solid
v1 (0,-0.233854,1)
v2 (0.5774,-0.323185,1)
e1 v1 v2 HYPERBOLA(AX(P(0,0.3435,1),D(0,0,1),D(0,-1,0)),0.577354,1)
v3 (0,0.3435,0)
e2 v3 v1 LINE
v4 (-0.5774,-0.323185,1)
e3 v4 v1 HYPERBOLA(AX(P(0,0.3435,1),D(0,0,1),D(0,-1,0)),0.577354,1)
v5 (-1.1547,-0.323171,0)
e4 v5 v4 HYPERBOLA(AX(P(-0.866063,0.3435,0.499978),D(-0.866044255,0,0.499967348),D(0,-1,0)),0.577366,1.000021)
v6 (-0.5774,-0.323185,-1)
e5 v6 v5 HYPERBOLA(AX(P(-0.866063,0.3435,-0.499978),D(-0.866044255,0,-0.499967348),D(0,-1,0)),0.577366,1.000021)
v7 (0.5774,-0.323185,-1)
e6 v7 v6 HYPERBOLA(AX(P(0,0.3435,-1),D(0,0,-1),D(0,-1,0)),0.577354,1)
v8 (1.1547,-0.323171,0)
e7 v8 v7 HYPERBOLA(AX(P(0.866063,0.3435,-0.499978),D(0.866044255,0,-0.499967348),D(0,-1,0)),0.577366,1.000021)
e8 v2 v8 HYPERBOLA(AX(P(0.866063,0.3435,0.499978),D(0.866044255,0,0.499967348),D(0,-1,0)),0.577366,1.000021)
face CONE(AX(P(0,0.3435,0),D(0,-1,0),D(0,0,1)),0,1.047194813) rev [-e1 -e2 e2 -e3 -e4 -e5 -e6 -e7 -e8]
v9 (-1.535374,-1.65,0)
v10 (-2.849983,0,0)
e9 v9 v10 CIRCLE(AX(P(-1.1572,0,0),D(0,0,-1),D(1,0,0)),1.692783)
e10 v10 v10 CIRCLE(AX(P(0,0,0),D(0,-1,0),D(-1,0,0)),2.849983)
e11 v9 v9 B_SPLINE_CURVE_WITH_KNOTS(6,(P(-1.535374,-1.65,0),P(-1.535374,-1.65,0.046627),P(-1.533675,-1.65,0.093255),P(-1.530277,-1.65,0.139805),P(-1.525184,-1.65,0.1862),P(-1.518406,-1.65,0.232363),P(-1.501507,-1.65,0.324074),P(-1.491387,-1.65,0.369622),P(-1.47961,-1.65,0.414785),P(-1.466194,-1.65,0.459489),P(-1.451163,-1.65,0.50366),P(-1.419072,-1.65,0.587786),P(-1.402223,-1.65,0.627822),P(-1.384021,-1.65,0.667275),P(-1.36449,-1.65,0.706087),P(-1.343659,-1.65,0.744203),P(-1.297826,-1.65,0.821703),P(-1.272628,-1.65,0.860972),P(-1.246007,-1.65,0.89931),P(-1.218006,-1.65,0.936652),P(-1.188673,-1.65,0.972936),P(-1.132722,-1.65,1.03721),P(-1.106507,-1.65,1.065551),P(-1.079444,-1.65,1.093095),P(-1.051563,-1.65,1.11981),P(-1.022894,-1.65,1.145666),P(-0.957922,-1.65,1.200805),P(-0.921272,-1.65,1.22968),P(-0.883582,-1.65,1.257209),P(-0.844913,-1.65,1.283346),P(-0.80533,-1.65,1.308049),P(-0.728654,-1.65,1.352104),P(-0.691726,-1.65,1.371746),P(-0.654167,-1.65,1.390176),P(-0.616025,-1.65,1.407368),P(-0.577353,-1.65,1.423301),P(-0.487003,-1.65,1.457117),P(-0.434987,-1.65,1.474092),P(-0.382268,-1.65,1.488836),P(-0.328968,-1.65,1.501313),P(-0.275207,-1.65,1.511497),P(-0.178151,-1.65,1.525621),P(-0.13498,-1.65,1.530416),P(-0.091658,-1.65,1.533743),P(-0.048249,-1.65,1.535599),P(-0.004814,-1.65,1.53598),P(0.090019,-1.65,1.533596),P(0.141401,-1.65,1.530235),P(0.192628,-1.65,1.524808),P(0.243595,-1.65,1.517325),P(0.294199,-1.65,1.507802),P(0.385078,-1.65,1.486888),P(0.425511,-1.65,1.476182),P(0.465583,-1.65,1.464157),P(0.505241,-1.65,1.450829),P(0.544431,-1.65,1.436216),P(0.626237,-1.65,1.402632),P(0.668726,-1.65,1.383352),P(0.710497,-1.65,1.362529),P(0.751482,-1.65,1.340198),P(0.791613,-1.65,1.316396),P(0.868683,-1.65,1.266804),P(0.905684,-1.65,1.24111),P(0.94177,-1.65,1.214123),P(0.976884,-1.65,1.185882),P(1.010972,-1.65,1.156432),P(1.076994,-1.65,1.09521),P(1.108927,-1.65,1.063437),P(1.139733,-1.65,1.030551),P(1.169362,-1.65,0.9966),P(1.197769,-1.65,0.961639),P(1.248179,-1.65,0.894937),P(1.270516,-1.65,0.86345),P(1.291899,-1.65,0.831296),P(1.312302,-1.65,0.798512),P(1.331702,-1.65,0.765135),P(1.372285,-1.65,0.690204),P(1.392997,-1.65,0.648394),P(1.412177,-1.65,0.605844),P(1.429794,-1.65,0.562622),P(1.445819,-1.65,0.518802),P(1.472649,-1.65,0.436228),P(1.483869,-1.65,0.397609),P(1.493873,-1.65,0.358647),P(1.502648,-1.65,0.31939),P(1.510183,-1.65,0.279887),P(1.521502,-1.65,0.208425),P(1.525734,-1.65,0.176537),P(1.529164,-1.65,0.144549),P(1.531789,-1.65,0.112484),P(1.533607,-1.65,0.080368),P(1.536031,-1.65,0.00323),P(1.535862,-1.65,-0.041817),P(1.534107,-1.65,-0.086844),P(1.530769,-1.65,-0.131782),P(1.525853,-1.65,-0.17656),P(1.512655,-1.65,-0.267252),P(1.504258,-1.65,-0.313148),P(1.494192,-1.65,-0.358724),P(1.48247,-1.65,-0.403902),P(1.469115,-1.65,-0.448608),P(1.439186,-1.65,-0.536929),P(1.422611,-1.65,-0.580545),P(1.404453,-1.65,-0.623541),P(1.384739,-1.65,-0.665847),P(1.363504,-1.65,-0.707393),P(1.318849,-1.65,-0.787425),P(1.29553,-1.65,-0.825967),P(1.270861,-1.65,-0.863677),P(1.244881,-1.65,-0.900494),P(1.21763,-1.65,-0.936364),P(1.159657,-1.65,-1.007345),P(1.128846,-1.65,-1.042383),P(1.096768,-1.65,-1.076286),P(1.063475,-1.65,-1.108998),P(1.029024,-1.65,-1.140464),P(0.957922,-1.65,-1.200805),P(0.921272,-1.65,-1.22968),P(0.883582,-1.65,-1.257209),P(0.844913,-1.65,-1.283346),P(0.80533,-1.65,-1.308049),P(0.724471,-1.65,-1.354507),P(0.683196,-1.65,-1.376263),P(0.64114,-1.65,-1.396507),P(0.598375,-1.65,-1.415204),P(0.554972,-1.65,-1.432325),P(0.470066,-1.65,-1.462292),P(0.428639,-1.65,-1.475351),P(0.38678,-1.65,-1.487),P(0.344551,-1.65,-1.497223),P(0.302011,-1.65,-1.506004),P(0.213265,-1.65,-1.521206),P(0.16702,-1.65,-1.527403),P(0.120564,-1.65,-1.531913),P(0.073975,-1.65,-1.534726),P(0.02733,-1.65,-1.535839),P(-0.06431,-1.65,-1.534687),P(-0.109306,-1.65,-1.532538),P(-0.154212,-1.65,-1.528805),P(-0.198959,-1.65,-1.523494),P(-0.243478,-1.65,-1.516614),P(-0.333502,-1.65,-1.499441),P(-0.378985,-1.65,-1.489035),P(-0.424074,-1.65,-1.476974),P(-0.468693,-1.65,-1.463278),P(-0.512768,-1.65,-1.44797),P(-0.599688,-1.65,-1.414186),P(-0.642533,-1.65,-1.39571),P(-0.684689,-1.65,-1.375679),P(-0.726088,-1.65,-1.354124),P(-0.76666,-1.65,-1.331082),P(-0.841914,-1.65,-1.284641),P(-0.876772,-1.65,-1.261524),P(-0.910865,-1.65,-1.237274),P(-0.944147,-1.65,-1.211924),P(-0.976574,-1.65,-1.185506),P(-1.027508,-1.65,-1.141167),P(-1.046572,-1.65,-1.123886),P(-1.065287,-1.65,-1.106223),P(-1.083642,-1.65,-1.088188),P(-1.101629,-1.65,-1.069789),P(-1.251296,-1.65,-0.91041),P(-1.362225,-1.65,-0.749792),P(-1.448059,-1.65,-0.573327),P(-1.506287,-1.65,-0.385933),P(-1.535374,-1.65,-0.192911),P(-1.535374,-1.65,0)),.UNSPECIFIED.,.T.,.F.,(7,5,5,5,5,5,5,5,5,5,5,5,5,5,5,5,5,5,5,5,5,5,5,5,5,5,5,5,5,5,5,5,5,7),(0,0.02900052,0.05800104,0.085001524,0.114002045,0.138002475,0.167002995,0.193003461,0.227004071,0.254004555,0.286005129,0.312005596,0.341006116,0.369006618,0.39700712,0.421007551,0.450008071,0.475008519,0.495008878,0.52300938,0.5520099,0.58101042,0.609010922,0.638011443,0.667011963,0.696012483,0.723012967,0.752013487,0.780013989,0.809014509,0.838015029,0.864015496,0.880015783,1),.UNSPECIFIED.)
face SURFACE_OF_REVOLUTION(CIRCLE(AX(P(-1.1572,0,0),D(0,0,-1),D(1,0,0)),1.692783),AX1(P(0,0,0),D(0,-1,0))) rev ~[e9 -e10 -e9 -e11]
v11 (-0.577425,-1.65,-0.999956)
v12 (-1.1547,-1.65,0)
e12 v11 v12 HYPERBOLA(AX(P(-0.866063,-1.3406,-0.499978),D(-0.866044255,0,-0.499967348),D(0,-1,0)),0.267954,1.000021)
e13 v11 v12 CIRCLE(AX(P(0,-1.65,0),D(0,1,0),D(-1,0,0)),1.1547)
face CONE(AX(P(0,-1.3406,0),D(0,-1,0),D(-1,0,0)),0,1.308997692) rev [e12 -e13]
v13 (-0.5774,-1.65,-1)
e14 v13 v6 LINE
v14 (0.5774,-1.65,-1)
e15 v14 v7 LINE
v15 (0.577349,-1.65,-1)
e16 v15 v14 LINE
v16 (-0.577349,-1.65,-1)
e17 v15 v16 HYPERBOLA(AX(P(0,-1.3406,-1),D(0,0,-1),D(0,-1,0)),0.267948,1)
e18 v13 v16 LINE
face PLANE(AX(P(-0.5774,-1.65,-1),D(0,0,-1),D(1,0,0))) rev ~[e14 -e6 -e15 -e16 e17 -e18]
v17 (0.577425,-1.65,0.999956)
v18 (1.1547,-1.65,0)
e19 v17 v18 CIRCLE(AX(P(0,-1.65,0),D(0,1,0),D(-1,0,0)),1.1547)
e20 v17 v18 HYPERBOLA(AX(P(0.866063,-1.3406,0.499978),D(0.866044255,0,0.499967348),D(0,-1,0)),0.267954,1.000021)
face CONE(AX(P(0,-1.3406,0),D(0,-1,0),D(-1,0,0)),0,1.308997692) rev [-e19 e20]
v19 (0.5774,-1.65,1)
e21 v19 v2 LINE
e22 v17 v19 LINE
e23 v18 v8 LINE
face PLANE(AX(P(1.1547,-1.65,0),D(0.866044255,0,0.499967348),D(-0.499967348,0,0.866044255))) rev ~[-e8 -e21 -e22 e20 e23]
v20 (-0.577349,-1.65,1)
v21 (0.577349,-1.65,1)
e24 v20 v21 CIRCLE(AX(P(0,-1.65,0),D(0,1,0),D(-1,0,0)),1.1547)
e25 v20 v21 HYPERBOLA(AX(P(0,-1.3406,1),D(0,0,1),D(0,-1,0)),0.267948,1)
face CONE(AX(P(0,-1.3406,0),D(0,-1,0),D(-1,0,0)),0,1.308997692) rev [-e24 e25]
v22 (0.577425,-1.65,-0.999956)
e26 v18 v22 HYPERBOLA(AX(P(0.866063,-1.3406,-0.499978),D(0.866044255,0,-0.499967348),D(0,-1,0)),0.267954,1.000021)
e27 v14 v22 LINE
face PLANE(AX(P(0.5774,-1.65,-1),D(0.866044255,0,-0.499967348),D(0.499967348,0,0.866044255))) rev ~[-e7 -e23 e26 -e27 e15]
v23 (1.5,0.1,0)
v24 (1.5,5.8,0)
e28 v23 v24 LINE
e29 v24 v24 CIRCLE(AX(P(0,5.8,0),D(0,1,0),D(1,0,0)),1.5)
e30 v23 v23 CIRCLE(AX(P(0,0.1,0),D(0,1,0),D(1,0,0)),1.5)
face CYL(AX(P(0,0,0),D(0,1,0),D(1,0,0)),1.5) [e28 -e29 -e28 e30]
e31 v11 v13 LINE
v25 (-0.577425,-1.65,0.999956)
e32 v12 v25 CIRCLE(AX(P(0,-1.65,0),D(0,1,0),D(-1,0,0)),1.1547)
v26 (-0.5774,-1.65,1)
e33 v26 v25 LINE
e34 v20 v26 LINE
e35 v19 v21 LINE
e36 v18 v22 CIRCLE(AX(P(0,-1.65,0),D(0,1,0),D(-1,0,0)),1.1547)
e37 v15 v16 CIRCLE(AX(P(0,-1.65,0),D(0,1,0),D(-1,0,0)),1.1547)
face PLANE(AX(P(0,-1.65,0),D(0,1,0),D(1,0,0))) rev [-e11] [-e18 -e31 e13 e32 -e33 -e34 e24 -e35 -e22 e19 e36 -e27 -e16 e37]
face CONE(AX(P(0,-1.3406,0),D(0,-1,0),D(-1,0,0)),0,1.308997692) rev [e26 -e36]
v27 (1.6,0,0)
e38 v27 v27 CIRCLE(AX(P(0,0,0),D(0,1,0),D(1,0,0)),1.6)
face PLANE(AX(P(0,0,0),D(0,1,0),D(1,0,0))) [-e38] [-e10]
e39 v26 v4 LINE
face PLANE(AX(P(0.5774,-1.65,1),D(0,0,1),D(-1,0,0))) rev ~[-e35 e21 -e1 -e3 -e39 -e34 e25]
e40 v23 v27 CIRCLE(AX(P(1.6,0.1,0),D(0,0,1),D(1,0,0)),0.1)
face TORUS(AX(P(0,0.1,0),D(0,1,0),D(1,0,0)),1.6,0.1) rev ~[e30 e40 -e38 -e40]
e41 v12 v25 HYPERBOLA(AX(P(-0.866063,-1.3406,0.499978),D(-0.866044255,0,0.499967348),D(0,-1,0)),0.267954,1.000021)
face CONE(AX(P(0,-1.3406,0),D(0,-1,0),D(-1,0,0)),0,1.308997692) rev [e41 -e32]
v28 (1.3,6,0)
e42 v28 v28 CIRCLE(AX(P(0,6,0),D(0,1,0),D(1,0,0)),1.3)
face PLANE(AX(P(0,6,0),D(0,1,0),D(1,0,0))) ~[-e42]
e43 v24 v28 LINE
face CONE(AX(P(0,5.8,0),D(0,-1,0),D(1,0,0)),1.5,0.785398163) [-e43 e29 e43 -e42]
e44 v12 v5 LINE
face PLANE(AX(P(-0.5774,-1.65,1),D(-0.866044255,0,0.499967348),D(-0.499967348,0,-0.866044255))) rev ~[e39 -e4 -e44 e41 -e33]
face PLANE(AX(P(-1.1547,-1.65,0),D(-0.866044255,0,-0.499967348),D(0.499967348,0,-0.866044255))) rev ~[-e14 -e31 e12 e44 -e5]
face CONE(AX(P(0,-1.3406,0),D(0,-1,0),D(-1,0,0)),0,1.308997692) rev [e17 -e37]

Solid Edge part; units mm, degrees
sketch "Sketch1" plane through (0, 0, 0) normal (0, 0, 1) x (1, 0, 0)
  line L0 (1.5, 0) -> (1.5, 6)
  line L1 (0, 6) -> (1.5, 6)
  line L2 (0, 0) -> (0, 6)
  line L3 (0, 0) -> (0, -1.65)
  line L4 (0, -1.65) -> (2.85, -1.65)
  line L5 (2.85, -1.65) -> (2.85, 0)
  line L6 (2.85, 0) -> (1.5, 0)
revolve "RevolvedProtrusion1" add sketch "Sketch1" angle 360 about axis through (0, 0, 0) along (0, 1, 0)
sketch "Sketch2" plane through (0, 0, 0) normal (1, 0, 0) x (0, 1, 0)
  line L0 (-1.65, 1.6515) -> (-0.61, 1.6515)
  line L1 (0.3435, 0) -> (-0.61, 1.6515)
  line L2 (-1.65, 0) -> (0.3435, 0)
  line L3 (-1.65, 0) -> (-1.65, 1.6515)
revolve "RevolvedCutout1" cut sketch "Sketch2" angle 360 about axis through (0, -4.5, 0) along (0, 1, 0)
sketch "Sketch3" plane through (0, -1.65, 0) normal (0, -1, 0) x (0, 0, 1)
  circle A0 centre (0, 0) radius 1.6515
  line L0 (-1, -0.5774) -> (0, -1.1547)
  line L1 (0, -1.1547) -> (1, -0.5774)
  line L2 (1, -0.5774) -> (1, 0.5774)
  line L3 (1, 0.5774) -> (0, 1.1547)
  line L4 (0, 1.1547) -> (-1, 0.5774)
  line L5 (-1, 0.5774) -> (-1, -0.5774)
  dimension "D1" = 2
extrude "Protrusion1" add sketch "Sketch3" against normal up to next
sketch "Sketch4" plane through (0, 0, 0) normal (0, 0, 1) x (1, 0, 0)
  line L0 (-1.1547, -1.65) -> (0, -1.65)
  line L1 (0, -1.65) -> (0, -1.3406)
  line L2 (0, -1.3406) -> (-1.1547, -1.65)
revolve "RevolvedCutout2" cut sketch "Sketch4" angle 360 about axis through (0, -4.5, 0) along (0, 1, 0)
fillet "Round1" radius 0.1 1 edges at (0, 0, -1.5)
chamfer "倒斜角_2" distance 0.2 angle 45 1 edges at (0, 6, -1.5)
cosmetic_thread "螺纹_3" size "M3" thread depth 5
sketch "Sketch5" plane through (0, 0, 0) normal (0, 0, 1) x (1, 0, 0)
  arc A0 (-1.5353, -1.65) -> (-2.85, 0) centre (-1.1572, 0) cw
revolve "RevolvedCutout3" cut sketch "Sketch5" angle 360 about axis through (0, 0, 0) along (0, -1, 0) material side at (-2.5202, -1.086, 0)
